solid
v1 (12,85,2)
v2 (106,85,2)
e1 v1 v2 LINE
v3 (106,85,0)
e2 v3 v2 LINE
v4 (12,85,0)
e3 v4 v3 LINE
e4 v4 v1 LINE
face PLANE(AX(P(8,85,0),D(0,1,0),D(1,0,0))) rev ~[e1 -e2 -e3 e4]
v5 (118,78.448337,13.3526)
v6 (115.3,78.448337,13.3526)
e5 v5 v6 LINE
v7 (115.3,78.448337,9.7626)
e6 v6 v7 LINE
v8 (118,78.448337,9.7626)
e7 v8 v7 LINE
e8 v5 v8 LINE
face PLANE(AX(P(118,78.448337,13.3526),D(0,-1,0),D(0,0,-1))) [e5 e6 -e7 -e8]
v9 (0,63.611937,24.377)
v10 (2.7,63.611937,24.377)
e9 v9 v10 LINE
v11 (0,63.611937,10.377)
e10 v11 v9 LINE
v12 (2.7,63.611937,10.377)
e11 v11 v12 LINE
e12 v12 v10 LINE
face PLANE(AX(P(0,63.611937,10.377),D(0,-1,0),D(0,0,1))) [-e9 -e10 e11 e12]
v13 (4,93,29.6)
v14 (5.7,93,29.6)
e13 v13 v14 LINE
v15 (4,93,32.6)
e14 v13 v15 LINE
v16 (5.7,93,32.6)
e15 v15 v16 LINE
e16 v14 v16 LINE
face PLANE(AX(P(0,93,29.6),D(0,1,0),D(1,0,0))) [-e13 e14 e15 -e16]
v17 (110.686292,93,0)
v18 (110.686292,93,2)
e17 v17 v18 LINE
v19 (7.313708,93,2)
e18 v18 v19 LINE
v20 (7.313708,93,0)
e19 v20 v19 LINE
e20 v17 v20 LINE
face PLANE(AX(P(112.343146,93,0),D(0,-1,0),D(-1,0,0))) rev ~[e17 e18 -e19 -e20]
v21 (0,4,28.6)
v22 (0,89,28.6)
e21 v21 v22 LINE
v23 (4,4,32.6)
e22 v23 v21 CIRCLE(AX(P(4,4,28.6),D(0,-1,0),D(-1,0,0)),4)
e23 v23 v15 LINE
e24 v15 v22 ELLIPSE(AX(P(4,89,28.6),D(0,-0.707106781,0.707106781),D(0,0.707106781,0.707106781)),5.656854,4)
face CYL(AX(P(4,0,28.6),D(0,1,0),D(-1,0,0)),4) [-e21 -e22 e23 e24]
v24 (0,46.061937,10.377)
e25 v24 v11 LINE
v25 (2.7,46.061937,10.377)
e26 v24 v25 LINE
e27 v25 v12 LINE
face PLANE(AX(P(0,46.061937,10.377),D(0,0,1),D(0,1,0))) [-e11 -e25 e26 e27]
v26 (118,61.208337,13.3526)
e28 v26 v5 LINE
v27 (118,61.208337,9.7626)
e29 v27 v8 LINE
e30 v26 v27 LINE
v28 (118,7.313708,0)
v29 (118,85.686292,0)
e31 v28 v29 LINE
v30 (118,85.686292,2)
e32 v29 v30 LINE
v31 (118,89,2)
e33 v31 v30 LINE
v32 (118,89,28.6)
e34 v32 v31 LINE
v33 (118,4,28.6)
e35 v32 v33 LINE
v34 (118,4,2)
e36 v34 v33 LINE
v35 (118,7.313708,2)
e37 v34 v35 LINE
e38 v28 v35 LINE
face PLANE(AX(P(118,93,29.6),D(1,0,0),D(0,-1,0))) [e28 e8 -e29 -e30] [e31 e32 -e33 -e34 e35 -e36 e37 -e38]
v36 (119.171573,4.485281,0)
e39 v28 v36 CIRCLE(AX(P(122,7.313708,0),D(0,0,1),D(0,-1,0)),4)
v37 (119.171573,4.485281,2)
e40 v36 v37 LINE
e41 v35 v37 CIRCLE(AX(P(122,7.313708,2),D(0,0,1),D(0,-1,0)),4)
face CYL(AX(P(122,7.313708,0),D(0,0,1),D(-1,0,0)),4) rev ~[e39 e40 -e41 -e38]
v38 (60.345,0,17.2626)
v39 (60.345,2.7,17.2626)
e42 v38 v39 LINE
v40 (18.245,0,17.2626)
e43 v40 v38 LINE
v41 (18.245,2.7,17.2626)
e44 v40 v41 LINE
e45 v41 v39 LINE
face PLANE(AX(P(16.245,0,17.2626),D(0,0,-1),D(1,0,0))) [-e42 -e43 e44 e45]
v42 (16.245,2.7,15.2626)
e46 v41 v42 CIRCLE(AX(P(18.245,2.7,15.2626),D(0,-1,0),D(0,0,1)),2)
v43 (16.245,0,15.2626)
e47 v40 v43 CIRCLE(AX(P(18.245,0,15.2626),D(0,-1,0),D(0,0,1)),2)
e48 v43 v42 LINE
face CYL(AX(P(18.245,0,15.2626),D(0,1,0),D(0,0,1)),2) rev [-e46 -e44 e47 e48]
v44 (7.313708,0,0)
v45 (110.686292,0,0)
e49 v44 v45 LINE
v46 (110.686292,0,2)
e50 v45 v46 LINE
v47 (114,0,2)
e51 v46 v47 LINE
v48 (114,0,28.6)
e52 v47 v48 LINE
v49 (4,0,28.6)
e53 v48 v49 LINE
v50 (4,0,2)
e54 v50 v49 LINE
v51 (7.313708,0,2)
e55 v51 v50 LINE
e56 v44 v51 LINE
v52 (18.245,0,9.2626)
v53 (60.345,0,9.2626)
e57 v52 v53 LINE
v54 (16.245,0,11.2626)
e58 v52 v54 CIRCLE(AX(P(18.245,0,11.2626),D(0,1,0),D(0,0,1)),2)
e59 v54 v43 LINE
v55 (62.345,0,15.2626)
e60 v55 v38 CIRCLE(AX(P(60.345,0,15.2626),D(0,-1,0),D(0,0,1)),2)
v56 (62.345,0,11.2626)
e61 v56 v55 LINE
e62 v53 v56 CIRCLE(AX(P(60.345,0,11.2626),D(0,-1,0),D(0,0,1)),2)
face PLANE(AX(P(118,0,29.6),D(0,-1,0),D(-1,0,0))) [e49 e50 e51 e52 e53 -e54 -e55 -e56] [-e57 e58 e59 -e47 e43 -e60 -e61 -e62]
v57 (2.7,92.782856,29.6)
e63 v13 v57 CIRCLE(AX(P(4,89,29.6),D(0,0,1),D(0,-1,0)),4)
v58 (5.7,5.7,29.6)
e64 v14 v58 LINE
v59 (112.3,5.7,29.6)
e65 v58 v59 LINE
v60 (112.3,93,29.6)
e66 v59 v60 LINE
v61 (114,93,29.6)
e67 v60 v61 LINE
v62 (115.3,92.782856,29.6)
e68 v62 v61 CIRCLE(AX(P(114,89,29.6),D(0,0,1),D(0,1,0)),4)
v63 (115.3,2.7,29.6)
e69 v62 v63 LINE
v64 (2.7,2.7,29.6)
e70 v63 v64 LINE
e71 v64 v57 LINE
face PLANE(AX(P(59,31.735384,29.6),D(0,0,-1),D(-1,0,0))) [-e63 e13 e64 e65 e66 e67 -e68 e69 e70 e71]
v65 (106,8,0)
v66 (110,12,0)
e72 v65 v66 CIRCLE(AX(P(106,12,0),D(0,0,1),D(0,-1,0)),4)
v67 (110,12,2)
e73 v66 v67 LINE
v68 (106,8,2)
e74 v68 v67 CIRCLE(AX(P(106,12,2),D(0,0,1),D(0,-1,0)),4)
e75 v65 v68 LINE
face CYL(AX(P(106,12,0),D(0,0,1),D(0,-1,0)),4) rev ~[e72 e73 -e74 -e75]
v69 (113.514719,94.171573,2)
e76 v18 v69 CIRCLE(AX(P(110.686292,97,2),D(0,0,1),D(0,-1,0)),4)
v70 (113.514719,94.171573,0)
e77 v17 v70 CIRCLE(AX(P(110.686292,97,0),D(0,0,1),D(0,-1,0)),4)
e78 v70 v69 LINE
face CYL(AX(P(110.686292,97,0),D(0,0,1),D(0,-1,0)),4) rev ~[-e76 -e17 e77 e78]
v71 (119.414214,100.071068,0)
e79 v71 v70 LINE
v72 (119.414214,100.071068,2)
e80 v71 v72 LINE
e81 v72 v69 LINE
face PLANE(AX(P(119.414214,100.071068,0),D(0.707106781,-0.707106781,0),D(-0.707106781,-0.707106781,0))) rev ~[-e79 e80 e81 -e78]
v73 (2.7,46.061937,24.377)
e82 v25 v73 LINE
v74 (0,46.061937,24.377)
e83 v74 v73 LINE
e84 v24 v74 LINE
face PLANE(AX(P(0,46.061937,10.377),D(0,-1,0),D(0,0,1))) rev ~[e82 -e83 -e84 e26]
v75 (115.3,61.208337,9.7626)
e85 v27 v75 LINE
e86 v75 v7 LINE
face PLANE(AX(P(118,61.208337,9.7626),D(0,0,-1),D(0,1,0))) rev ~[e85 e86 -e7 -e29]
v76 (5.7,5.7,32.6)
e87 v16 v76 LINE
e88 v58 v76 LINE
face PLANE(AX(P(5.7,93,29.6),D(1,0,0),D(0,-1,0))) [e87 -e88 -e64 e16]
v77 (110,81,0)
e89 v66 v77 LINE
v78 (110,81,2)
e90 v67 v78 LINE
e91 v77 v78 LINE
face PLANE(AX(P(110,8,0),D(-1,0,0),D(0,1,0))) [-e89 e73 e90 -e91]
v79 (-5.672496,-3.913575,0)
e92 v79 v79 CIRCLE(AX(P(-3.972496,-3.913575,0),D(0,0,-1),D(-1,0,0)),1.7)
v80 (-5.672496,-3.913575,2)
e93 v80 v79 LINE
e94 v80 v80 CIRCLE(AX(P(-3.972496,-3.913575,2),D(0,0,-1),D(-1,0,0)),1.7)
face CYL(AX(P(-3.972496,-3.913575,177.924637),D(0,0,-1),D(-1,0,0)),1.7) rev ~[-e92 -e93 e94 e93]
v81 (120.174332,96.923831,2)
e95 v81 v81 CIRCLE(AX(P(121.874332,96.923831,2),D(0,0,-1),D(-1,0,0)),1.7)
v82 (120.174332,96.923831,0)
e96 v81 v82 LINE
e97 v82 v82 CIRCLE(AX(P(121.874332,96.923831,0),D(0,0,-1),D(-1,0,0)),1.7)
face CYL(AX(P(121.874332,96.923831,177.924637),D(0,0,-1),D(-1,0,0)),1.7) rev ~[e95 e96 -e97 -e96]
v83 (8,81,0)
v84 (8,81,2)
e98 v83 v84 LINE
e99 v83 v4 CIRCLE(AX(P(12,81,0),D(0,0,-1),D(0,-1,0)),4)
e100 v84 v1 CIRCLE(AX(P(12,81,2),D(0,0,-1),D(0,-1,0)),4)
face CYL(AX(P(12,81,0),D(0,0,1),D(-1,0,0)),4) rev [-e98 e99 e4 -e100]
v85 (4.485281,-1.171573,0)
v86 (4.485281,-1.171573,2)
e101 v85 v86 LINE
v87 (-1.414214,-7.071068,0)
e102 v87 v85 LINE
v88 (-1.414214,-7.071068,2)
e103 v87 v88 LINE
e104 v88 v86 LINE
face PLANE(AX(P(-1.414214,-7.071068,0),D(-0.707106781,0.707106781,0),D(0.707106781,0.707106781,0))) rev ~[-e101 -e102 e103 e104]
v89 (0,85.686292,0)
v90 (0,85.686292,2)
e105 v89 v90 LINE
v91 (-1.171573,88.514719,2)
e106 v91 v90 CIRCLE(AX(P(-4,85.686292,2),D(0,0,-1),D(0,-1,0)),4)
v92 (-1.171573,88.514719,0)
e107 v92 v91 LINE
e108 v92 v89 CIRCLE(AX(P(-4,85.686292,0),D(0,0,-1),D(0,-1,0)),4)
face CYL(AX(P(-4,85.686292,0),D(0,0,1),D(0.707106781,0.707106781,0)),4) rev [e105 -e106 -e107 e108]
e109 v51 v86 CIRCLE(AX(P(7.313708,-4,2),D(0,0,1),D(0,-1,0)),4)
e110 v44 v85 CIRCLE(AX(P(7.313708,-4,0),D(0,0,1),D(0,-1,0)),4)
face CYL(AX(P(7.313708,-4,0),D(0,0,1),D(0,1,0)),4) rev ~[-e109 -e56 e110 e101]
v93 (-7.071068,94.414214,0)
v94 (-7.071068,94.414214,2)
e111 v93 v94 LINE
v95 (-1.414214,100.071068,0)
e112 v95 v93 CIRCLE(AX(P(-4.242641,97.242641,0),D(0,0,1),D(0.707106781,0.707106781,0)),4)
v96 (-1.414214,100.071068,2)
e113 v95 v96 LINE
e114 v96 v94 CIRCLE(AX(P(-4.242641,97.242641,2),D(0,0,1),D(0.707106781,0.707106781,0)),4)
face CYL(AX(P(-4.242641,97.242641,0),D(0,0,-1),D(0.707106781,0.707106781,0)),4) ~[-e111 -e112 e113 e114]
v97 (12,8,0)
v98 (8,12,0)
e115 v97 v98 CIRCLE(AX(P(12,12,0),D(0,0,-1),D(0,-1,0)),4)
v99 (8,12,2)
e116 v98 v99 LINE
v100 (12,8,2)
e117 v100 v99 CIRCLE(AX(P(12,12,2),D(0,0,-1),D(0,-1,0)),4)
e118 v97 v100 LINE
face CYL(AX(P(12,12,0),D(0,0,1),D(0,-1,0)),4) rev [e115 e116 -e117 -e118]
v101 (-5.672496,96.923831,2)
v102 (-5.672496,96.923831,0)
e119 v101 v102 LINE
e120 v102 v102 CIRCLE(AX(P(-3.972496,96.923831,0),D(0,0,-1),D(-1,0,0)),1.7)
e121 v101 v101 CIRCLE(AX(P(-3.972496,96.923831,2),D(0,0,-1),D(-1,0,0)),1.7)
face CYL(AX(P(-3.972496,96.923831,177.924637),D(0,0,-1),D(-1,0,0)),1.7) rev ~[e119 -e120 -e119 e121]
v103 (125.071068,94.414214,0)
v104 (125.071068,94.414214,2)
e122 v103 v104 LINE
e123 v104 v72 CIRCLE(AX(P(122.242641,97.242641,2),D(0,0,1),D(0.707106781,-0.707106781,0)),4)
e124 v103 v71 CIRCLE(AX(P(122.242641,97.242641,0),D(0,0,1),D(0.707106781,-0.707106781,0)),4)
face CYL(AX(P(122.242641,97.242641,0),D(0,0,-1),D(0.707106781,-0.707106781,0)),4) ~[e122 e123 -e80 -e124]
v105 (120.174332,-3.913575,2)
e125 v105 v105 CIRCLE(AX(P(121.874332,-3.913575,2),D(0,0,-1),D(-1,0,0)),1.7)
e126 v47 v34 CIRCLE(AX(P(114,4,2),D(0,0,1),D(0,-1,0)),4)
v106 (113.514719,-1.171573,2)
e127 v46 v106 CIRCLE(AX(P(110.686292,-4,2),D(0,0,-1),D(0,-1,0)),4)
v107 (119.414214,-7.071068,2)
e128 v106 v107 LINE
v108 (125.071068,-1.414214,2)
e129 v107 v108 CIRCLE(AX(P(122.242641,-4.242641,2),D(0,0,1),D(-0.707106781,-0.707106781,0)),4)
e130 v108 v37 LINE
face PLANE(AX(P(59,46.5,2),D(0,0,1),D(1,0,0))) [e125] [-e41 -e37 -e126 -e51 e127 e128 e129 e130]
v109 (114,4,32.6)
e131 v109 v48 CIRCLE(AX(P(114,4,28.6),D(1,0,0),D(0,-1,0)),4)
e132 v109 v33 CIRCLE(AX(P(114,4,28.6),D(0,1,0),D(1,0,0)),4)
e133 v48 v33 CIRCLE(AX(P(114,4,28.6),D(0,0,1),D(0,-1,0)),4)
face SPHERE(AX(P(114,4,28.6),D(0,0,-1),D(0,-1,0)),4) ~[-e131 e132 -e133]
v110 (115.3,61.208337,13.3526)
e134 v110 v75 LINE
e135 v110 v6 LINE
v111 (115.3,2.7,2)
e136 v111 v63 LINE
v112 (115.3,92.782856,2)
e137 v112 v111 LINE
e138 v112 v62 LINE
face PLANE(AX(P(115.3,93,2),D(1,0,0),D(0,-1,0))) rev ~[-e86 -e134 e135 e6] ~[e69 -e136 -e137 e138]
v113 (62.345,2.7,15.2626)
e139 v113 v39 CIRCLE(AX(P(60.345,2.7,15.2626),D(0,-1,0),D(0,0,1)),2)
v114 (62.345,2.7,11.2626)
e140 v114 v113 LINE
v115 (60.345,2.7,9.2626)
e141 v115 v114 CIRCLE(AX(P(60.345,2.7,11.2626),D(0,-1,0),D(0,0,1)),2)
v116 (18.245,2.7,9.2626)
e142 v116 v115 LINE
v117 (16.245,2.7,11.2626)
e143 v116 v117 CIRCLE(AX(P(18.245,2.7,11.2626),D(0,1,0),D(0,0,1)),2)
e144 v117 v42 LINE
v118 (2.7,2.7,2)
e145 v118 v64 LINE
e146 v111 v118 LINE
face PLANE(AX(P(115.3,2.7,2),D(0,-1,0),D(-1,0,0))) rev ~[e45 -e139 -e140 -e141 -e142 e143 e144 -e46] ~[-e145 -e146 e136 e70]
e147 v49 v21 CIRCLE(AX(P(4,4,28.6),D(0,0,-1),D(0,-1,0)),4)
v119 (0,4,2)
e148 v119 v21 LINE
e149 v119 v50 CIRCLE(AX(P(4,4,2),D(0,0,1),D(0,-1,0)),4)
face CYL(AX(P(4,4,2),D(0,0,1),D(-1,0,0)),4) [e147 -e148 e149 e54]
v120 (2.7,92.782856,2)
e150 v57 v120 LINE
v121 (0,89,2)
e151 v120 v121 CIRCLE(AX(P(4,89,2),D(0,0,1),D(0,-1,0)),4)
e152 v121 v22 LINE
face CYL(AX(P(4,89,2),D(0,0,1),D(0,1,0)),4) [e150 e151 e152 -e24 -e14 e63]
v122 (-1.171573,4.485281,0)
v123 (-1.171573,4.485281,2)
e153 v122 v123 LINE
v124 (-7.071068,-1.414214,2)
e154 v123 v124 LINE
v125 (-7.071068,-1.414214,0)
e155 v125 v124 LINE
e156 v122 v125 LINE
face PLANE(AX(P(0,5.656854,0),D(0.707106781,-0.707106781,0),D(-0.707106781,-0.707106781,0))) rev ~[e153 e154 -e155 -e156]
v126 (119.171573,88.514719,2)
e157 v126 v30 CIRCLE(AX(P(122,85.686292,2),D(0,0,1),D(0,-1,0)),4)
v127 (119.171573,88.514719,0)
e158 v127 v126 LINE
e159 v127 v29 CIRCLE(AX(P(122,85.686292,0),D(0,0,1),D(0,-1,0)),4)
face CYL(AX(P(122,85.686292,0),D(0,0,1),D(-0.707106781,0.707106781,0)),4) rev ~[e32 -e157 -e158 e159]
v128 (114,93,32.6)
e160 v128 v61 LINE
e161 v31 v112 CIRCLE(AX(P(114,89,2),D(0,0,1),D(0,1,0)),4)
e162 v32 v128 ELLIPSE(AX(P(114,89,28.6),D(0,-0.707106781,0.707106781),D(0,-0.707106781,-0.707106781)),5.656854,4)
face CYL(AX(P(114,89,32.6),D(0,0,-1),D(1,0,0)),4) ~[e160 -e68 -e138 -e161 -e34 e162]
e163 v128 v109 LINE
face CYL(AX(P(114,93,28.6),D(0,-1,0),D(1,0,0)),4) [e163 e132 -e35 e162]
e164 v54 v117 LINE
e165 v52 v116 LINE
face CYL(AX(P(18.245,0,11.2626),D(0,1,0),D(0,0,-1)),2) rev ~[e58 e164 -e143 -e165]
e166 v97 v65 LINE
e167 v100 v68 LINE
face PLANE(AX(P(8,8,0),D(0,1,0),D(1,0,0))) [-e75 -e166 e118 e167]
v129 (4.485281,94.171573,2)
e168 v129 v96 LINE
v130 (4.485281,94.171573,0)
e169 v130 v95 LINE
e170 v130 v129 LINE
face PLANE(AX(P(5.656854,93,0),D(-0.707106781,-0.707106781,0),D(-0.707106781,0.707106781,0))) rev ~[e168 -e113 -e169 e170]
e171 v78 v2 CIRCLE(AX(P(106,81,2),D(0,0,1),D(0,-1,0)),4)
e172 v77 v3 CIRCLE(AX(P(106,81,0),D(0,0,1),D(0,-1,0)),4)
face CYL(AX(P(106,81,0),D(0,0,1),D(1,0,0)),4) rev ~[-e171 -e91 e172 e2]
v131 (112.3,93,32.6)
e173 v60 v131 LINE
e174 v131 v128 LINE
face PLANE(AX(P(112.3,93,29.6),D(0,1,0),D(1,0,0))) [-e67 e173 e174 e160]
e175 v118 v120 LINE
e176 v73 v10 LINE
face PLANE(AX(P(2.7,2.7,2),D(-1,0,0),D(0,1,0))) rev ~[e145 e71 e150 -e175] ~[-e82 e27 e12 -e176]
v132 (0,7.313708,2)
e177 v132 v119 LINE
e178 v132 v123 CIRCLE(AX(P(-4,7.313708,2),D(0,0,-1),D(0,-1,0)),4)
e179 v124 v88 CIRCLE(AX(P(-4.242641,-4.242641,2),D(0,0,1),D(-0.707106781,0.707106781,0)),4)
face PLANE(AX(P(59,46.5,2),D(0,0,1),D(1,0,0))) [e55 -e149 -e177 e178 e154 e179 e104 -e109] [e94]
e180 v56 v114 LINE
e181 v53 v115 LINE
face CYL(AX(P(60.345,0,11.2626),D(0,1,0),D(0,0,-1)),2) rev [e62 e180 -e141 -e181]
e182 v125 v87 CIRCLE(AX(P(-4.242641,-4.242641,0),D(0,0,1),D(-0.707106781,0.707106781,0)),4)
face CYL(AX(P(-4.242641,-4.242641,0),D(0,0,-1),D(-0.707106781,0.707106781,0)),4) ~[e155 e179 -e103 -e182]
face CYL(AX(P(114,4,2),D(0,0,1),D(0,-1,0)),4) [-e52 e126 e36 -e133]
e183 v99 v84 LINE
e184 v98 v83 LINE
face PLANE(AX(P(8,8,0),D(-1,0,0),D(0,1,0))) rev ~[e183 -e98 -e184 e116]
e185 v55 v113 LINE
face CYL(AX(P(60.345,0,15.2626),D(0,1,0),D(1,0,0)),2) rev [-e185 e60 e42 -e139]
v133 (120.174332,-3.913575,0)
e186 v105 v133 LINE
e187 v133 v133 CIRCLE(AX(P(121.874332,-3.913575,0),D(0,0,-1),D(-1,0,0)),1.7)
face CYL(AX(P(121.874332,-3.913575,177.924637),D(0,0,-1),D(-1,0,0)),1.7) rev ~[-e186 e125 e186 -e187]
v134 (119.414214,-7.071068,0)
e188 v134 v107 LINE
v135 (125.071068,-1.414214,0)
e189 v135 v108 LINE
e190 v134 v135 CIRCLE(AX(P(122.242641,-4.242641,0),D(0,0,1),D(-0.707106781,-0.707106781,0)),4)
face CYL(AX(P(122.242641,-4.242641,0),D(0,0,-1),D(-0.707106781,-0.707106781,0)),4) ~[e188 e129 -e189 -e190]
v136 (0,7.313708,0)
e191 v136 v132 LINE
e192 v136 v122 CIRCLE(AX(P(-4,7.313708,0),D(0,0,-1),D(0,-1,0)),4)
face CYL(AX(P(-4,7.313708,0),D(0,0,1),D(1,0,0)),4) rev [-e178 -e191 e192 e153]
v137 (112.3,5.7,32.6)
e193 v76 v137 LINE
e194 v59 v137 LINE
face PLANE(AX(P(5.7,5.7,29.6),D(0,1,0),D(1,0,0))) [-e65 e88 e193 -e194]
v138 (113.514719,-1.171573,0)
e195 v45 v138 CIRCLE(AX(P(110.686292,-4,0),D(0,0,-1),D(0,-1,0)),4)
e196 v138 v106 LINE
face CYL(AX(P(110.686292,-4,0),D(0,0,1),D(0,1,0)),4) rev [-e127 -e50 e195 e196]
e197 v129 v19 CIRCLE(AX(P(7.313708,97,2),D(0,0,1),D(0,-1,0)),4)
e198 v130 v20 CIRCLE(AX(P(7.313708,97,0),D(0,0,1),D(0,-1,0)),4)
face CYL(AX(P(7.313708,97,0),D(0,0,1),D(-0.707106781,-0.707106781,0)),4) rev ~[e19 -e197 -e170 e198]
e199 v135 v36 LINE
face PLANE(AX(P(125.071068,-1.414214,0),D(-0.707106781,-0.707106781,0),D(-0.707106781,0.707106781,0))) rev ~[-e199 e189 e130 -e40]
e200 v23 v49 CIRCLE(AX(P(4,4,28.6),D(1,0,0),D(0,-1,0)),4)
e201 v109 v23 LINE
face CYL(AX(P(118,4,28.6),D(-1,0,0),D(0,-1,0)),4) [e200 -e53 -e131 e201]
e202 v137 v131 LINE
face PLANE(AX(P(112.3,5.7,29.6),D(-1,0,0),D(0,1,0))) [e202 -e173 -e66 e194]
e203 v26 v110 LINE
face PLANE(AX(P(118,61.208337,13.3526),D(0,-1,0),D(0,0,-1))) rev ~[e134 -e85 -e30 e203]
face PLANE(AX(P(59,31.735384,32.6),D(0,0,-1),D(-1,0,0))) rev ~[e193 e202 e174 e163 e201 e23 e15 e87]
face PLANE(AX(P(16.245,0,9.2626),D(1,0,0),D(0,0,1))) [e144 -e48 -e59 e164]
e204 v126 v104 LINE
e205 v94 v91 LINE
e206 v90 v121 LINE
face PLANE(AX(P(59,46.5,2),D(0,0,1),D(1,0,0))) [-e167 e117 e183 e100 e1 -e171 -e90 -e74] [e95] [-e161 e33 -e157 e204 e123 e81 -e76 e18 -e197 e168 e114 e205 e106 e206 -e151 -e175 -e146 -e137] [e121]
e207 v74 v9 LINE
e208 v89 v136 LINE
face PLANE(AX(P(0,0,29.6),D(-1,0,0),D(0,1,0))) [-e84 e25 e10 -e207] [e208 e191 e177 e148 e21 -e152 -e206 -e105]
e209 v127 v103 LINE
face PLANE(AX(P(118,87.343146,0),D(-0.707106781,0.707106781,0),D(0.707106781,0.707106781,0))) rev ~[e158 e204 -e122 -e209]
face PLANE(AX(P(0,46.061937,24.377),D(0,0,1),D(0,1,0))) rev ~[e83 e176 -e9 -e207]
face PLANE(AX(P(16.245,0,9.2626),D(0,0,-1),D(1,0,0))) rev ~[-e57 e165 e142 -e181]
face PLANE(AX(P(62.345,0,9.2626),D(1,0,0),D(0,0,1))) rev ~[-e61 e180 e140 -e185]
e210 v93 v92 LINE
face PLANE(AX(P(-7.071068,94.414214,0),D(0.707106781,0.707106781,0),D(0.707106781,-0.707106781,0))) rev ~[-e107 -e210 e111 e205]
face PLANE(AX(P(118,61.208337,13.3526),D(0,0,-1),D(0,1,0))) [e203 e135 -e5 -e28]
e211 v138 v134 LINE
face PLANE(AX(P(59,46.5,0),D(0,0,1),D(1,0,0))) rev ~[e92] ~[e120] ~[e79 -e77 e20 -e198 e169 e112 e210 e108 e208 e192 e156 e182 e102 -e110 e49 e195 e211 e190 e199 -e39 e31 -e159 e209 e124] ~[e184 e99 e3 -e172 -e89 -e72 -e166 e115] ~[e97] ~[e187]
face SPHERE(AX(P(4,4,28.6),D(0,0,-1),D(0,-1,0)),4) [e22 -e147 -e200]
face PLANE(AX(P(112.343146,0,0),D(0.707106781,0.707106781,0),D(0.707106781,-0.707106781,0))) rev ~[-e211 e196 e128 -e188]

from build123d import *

# Parameters (mm, degrees)
SKETCH1_W            = 102
SKETCH1_H            = 77
BOSS_EXTRUDE1_DEPTH  = 2
BOSS_EXTRUDE2_DEPTH  = 27.6
FILLET1_R            = 4
FILLET3_R            = 4
M3_CLEARANCE_HOLE1_D = 3.4
BOSS_EXTRUDE3_DEPTH  = 3
FILLET4_R            = 4
SKETCH6_W            = 14
SKETCH6_H            = 17.55
CUT_EXTRUDE1_DEPTH   = 5
SKETCH8_W            = 46.1
SKETCH8_H            = 8
CUT_EXTRUDE3_DEPTH   = 5
SKETCH9_W            = 3.59
SKETCH9_H            = 17.24
CUT_EXTRUDE4_DEPTH   = 5
FILLET5_R            = 2


with BuildPart() as part:
    # Sketch1 → Boss-Extrude1 (new body)
    with BuildSketch(Plane.XY):
        with BuildLine():
            Line((5.656854249, 0), (112.343145751, 0))
            Line((112.343145751, 0), (119.414213562, -7.071067812))
            ThreePointArc((119.414213562, -7.071067812), (125.071067812, -7.071067812), (125.071067812, -1.414213562))
            Line((125.071067812, -1.414213562), (118, 5.656854249))
            Line((118, 5.656854249), (118, 87.343145751))
            Line((118, 87.343145751), (125.071067812, 94.414213562))
            ThreePointArc((125.071067812, 94.414213562), (125.071067812, 100.071067812), (119.414213562, 100.071067812))
            Line((119.414213562, 100.071067812), (112.343145751, 93))
            Line((112.343145751, 93), (5.656854249, 93))
            Line((5.656854249, 93), (-1.414213562, 100.071067812))
            ThreePointArc((-1.414213562, 100.071067812), (-7.071067812, 100.071067812), (-7.071067812, 94.414213562))
            Line((-7.071067812, 94.414213562), (0, 87.343145751))
            Line((0, 87.343145751), (0, 5.656854249))
            Line((0, 5.656854249), (-7.071067812, -1.414213562))
            ThreePointArc((-7.071067812, -1.414213562), (-7.071067812, -7.071067812), (-1.414213562, -7.071067812))
            Line((-1.414213562, -7.071067812), (5.656854249, 0))
        make_face()
        with Locations((59, 46.5)):
            Rectangle(SKETCH1_W, SKETCH1_H, mode=Mode.SUBTRACT)
    extrude(amount=BOSS_EXTRUDE1_DEPTH)

    # Sketch2 → Boss-Extrude2 (add)
    with BuildSketch(Plane.XY.offset(2)):
        Polygon((0, 93), (0, 0), (118, 0), (118, 93), (115.3, 93), (115.3, 2.7), (2.7, 2.7), (2.7, 93), align=None)
    extrude(amount=BOSS_EXTRUDE2_DEPTH)

    # Fillet1
    fillet1_edges = [part.edges().sort_by_distance(p)[0] for p in [
        (8, 85, 1),
        (8, 8, 1),
        (110, 8, 1),
        (110, 85, 1),
    ]]
    fillet(fillet1_edges, radius=FILLET1_R)

    # Fillet3
    fillet3_edges = [part.edges().sort_by_distance(p)[0] for p in [
        (112.343145751, 0, 1),
        (5.656854249, 0, 1),
        (0, 5.656854249, 1),
        (0, 87.343145751, 1),
        (5.656854249, 93, 1),
        (112.343145751, 93, 1),
        (118, 87.343145751, 1),
        (118, 5.656854249, 1),
    ]]
    fillet(fillet3_edges, radius=FILLET3_R)

    # M3 Clearance Hole1 (through all)
    with Locations(Plane.XY.offset(2)):
        with Locations((-3.972495555, 96.92383124), (121.87433229, 96.92383124), (121.87433229, -3.91357469), (-3.972495555, -3.91357469)):
            Hole(M3_CLEARANCE_HOLE1_D / 2)

    # Sketch5 → Boss-Extrude3 (add)
    with BuildSketch(Plane.XY.offset(29.6)):
        Polygon((0, 93), (5.7, 93), (5.7, 5.7), (112.3, 5.7), (112.3, 93), (118, 93), (118, 0), (0, 0), align=None)
    extrude(amount=BOSS_EXTRUDE3_DEPTH)

    # Fillet4
    fillet4_edges = [part.edges().sort_by_distance(p)[0] for p in [
        (0, 0, 17.3),
        (118, 0, 17.3),
        (118, 93, 17.3),
        (0, 93, 17.3),
        (59, 0, 32.6),
        (118, 46.5, 32.6),
        (0, 46.5, 32.6),
    ]]
    fillet(fillet4_edges, radius=FILLET4_R)

    # Sketch6 → Cut-Extrude1 (cut)
    with BuildSketch(Plane.ZY):
        with Locations((17.37699989, 54.836937287)):
            Rectangle(SKETCH6_W, SKETCH6_H)
    extrude(amount=-CUT_EXTRUDE1_DEPTH, mode=Mode.SUBTRACT)

    # Sketch8 → Cut-Extrude3 (cut)
    with BuildSketch(Plane.XZ):
        with Locations((39.295, 13.26259989)):
            Rectangle(SKETCH8_W, SKETCH8_H)
    extrude(amount=-CUT_EXTRUDE3_DEPTH, mode=Mode.SUBTRACT)

    # Sketch9 → Cut-Extrude4 (cut)
    with BuildSketch(Plane(origin=(118, 0, 0), x_dir=(0, 0, -1), z_dir=(1, 0, 0))):
        with Locations((-11.55759989, 69.828337287)):
            Rectangle(SKETCH9_W, SKETCH9_H)
    extrude(amount=-CUT_EXTRUDE4_DEPTH, mode=Mode.SUBTRACT)

    # Fillet5
    fillet5_edges = [part.edges().sort_by_distance(p)[0] for p in [
        (16.245, 1.35, 9.26259989),
        (16.245, 1.35, 17.26259989),
        (62.345, 1.35, 17.26259989),
        (62.345, 1.35, 9.26259989),
    ]]
    fillet(fillet5_edges, radius=FILLET5_R)


solid = part.part
